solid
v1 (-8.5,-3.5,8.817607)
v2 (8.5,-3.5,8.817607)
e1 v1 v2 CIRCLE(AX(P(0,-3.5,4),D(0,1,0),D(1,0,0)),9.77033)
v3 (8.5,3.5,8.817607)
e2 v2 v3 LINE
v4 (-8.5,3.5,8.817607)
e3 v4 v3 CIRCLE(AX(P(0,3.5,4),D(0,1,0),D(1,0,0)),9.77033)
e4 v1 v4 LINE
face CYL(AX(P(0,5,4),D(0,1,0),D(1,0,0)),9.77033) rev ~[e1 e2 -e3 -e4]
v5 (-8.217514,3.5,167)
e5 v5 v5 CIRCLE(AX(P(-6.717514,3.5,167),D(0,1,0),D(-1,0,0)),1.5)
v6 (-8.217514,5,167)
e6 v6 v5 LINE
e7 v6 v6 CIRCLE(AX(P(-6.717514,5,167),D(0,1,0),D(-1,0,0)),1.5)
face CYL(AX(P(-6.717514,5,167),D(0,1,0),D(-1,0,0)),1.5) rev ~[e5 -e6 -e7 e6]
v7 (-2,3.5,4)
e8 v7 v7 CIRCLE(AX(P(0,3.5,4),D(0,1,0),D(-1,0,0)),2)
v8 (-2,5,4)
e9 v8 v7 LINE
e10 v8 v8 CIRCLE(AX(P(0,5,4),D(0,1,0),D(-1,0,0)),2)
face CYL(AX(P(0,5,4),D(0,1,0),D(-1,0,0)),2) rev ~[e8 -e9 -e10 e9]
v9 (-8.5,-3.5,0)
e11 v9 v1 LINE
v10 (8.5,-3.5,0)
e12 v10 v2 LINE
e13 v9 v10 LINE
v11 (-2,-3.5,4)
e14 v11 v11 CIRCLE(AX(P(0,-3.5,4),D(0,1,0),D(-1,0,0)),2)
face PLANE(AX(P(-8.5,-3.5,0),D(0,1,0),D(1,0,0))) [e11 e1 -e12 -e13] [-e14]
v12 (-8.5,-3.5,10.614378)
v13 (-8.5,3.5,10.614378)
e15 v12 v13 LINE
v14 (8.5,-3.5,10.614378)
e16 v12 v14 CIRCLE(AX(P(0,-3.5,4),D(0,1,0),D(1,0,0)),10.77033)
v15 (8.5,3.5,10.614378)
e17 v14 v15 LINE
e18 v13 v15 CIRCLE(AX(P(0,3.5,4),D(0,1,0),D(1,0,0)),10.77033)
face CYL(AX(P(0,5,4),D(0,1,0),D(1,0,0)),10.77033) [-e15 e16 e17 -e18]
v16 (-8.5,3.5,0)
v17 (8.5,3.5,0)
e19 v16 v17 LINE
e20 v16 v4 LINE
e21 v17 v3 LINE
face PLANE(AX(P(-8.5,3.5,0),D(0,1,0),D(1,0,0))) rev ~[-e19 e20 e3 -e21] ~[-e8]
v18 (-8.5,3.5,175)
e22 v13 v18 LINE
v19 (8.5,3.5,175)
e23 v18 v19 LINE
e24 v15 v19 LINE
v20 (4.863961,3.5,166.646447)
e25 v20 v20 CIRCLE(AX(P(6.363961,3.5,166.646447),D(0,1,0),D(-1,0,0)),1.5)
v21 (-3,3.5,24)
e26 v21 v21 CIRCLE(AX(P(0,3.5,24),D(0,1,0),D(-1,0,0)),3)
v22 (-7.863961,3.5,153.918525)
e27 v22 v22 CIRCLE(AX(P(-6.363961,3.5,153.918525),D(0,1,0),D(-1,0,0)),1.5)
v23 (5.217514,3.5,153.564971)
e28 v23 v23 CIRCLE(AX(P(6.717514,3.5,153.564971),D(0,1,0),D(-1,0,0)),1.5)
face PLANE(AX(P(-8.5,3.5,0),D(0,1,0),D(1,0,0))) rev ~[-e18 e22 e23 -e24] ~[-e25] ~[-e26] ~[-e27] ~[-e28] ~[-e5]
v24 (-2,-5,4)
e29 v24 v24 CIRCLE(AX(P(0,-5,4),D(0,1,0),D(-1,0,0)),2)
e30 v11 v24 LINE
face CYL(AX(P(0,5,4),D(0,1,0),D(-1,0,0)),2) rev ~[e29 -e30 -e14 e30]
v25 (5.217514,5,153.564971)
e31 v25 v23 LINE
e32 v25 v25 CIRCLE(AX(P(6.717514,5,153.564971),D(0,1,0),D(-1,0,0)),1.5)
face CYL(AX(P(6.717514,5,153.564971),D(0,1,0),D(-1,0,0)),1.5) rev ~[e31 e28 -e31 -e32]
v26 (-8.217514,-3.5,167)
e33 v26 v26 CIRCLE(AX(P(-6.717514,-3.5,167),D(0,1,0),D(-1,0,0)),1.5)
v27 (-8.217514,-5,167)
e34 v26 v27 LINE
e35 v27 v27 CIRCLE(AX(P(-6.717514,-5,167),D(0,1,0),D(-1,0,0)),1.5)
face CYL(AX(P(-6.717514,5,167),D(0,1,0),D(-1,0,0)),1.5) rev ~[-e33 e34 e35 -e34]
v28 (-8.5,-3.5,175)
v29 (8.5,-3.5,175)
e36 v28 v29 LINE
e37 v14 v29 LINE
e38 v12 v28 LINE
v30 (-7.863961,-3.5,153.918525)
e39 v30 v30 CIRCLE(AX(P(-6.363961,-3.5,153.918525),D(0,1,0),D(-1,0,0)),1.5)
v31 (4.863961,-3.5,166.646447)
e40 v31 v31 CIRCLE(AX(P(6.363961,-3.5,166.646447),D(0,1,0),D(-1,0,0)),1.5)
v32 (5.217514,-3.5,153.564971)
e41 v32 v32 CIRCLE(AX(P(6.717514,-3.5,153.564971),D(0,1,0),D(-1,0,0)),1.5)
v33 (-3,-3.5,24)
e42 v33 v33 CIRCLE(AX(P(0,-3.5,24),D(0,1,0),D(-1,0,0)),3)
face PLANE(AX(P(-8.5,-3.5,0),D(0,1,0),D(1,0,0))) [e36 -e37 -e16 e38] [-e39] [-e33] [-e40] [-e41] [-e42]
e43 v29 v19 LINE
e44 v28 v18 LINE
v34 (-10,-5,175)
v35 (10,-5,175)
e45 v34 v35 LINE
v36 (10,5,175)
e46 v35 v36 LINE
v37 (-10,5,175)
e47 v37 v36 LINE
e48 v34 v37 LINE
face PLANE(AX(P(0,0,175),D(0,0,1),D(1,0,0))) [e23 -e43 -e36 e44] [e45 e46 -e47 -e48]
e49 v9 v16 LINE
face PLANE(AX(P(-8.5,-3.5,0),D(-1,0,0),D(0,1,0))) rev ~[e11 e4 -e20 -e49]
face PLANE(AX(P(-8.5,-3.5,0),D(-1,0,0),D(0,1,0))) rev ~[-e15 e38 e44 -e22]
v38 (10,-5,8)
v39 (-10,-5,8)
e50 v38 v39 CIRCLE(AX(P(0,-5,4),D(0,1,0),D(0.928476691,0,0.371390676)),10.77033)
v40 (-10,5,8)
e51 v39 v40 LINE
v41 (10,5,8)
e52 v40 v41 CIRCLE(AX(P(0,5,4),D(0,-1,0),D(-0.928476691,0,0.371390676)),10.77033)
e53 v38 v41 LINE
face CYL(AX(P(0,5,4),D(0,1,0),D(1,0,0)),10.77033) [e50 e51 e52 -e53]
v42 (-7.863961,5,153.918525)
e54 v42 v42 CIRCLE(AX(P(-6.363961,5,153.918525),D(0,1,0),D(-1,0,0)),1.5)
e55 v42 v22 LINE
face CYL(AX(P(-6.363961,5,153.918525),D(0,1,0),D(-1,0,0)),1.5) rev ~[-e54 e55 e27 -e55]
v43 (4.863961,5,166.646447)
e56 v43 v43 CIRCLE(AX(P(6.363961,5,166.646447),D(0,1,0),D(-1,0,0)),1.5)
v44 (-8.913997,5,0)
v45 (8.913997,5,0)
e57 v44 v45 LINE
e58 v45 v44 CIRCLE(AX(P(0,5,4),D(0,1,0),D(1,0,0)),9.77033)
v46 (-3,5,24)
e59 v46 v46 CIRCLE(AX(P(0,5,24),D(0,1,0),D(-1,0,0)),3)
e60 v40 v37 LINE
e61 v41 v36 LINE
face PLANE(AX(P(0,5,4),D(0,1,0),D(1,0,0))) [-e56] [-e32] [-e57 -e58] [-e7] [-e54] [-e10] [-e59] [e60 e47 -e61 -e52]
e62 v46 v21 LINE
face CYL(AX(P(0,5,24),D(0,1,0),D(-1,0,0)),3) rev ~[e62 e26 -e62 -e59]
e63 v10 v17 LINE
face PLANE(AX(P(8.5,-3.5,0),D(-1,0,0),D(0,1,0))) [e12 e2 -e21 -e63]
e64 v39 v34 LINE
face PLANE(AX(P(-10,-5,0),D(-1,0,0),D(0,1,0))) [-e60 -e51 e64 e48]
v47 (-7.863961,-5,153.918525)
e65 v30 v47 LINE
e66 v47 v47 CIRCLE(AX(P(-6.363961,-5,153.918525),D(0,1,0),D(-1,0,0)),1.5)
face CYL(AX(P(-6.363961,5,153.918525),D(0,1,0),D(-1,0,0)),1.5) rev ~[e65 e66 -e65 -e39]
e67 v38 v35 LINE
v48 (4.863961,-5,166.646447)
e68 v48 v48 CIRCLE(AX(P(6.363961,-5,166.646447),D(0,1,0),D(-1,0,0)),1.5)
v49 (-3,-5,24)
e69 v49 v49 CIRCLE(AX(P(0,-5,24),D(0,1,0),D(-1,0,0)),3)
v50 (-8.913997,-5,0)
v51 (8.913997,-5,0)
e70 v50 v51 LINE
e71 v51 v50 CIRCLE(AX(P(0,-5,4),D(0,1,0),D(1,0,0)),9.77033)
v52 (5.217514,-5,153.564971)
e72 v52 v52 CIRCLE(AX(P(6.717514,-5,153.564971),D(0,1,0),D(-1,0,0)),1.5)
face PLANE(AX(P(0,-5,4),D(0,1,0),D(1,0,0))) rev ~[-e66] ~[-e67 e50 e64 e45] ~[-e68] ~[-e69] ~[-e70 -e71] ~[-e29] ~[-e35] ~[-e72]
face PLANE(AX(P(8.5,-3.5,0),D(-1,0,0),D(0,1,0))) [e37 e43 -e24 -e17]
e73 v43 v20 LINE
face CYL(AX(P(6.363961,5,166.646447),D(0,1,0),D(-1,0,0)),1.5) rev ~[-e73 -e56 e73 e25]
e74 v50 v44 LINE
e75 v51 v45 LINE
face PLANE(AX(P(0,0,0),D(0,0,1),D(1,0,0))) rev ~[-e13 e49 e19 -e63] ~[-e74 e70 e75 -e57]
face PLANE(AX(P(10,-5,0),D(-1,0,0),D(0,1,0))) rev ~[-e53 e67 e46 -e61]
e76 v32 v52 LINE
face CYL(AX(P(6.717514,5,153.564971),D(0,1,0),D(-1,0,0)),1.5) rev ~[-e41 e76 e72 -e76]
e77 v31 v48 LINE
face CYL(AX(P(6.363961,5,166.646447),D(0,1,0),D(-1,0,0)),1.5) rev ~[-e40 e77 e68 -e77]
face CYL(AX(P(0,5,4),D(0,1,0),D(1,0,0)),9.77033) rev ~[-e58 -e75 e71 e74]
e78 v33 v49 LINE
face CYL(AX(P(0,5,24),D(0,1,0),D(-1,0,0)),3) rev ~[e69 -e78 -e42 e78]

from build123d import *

# Parameters (mm, degrees)
SKETCH1_W           = 20
SKETCH1_H           = 10
SKETCH1_W_2         = 17
SKETCH1_H_2         = 7
BOSS_EXTRUDE1_DEPTH = 175
SKETCH2_R           = 1.5
CUT_EXTRUDE1_DEPTH  = 176.570498661
SKETCH3_R           = 2
SKETCH3_R_2         = 3
CUT_EXTRUDE2_DEPTH  = 176.570498661
SKETCH5_R           = 10.770329614
SKETCH5_R_2         = 9.770329614
BOSS_EXTRUDE2_DEPTH = 10


with BuildPart() as part:
    # Sketch1 → Boss-Extrude1 (new body)
    with BuildSketch(Plane.XY):
        Rectangle(SKETCH1_W, SKETCH1_H)
        Rectangle(SKETCH1_W_2, SKETCH1_H_2, mode=Mode.SUBTRACT)
    extrude(amount=BOSS_EXTRUDE1_DEPTH)

    # Sketch2 → Cut-Extrude1 (cut, through all)
    with BuildSketch(Plane(origin=(0, 5, 0), x_dir=(1, 0, 0), z_dir=(0, 1, 0))):
        with Locations((6.363961031, -166.646446609)):
            Circle(SKETCH2_R)
        with Locations((-6.717514421, -167)):
            Circle(SKETCH2_R)
        with Locations((6.717514421, -153.564971157)):
            Circle(SKETCH2_R)
        with Locations((-6.363961031, -153.918524548)):
            Circle(SKETCH2_R)
    extrude(amount=-CUT_EXTRUDE1_DEPTH, mode=Mode.SUBTRACT)

    # Sketch3 → Cut-Extrude2 (cut, through all)
    with BuildSketch(Plane(origin=(0, 5, 0), x_dir=(1, 0, 0), z_dir=(0, 1, 0))):
        with Locations((0, -4)):
            Circle(SKETCH3_R)
        with Locations((0, -24)):
            Circle(SKETCH3_R_2)
    extrude(amount=-CUT_EXTRUDE2_DEPTH, mode=Mode.SUBTRACT)

    # Sketch5 → Boss-Extrude2 (add)
    with BuildSketch(Plane(origin=(0, 5, 0), x_dir=(1, 0, 0), z_dir=(0, 1, 0))):
        with Locations((0, -4)):
            Circle(SKETCH5_R)
        with Locations((0, -4)):
            Circle(SKETCH5_R_2, mode=Mode.SUBTRACT)
    extrude(amount=-BOSS_EXTRUDE2_DEPTH)


solid = part.part
